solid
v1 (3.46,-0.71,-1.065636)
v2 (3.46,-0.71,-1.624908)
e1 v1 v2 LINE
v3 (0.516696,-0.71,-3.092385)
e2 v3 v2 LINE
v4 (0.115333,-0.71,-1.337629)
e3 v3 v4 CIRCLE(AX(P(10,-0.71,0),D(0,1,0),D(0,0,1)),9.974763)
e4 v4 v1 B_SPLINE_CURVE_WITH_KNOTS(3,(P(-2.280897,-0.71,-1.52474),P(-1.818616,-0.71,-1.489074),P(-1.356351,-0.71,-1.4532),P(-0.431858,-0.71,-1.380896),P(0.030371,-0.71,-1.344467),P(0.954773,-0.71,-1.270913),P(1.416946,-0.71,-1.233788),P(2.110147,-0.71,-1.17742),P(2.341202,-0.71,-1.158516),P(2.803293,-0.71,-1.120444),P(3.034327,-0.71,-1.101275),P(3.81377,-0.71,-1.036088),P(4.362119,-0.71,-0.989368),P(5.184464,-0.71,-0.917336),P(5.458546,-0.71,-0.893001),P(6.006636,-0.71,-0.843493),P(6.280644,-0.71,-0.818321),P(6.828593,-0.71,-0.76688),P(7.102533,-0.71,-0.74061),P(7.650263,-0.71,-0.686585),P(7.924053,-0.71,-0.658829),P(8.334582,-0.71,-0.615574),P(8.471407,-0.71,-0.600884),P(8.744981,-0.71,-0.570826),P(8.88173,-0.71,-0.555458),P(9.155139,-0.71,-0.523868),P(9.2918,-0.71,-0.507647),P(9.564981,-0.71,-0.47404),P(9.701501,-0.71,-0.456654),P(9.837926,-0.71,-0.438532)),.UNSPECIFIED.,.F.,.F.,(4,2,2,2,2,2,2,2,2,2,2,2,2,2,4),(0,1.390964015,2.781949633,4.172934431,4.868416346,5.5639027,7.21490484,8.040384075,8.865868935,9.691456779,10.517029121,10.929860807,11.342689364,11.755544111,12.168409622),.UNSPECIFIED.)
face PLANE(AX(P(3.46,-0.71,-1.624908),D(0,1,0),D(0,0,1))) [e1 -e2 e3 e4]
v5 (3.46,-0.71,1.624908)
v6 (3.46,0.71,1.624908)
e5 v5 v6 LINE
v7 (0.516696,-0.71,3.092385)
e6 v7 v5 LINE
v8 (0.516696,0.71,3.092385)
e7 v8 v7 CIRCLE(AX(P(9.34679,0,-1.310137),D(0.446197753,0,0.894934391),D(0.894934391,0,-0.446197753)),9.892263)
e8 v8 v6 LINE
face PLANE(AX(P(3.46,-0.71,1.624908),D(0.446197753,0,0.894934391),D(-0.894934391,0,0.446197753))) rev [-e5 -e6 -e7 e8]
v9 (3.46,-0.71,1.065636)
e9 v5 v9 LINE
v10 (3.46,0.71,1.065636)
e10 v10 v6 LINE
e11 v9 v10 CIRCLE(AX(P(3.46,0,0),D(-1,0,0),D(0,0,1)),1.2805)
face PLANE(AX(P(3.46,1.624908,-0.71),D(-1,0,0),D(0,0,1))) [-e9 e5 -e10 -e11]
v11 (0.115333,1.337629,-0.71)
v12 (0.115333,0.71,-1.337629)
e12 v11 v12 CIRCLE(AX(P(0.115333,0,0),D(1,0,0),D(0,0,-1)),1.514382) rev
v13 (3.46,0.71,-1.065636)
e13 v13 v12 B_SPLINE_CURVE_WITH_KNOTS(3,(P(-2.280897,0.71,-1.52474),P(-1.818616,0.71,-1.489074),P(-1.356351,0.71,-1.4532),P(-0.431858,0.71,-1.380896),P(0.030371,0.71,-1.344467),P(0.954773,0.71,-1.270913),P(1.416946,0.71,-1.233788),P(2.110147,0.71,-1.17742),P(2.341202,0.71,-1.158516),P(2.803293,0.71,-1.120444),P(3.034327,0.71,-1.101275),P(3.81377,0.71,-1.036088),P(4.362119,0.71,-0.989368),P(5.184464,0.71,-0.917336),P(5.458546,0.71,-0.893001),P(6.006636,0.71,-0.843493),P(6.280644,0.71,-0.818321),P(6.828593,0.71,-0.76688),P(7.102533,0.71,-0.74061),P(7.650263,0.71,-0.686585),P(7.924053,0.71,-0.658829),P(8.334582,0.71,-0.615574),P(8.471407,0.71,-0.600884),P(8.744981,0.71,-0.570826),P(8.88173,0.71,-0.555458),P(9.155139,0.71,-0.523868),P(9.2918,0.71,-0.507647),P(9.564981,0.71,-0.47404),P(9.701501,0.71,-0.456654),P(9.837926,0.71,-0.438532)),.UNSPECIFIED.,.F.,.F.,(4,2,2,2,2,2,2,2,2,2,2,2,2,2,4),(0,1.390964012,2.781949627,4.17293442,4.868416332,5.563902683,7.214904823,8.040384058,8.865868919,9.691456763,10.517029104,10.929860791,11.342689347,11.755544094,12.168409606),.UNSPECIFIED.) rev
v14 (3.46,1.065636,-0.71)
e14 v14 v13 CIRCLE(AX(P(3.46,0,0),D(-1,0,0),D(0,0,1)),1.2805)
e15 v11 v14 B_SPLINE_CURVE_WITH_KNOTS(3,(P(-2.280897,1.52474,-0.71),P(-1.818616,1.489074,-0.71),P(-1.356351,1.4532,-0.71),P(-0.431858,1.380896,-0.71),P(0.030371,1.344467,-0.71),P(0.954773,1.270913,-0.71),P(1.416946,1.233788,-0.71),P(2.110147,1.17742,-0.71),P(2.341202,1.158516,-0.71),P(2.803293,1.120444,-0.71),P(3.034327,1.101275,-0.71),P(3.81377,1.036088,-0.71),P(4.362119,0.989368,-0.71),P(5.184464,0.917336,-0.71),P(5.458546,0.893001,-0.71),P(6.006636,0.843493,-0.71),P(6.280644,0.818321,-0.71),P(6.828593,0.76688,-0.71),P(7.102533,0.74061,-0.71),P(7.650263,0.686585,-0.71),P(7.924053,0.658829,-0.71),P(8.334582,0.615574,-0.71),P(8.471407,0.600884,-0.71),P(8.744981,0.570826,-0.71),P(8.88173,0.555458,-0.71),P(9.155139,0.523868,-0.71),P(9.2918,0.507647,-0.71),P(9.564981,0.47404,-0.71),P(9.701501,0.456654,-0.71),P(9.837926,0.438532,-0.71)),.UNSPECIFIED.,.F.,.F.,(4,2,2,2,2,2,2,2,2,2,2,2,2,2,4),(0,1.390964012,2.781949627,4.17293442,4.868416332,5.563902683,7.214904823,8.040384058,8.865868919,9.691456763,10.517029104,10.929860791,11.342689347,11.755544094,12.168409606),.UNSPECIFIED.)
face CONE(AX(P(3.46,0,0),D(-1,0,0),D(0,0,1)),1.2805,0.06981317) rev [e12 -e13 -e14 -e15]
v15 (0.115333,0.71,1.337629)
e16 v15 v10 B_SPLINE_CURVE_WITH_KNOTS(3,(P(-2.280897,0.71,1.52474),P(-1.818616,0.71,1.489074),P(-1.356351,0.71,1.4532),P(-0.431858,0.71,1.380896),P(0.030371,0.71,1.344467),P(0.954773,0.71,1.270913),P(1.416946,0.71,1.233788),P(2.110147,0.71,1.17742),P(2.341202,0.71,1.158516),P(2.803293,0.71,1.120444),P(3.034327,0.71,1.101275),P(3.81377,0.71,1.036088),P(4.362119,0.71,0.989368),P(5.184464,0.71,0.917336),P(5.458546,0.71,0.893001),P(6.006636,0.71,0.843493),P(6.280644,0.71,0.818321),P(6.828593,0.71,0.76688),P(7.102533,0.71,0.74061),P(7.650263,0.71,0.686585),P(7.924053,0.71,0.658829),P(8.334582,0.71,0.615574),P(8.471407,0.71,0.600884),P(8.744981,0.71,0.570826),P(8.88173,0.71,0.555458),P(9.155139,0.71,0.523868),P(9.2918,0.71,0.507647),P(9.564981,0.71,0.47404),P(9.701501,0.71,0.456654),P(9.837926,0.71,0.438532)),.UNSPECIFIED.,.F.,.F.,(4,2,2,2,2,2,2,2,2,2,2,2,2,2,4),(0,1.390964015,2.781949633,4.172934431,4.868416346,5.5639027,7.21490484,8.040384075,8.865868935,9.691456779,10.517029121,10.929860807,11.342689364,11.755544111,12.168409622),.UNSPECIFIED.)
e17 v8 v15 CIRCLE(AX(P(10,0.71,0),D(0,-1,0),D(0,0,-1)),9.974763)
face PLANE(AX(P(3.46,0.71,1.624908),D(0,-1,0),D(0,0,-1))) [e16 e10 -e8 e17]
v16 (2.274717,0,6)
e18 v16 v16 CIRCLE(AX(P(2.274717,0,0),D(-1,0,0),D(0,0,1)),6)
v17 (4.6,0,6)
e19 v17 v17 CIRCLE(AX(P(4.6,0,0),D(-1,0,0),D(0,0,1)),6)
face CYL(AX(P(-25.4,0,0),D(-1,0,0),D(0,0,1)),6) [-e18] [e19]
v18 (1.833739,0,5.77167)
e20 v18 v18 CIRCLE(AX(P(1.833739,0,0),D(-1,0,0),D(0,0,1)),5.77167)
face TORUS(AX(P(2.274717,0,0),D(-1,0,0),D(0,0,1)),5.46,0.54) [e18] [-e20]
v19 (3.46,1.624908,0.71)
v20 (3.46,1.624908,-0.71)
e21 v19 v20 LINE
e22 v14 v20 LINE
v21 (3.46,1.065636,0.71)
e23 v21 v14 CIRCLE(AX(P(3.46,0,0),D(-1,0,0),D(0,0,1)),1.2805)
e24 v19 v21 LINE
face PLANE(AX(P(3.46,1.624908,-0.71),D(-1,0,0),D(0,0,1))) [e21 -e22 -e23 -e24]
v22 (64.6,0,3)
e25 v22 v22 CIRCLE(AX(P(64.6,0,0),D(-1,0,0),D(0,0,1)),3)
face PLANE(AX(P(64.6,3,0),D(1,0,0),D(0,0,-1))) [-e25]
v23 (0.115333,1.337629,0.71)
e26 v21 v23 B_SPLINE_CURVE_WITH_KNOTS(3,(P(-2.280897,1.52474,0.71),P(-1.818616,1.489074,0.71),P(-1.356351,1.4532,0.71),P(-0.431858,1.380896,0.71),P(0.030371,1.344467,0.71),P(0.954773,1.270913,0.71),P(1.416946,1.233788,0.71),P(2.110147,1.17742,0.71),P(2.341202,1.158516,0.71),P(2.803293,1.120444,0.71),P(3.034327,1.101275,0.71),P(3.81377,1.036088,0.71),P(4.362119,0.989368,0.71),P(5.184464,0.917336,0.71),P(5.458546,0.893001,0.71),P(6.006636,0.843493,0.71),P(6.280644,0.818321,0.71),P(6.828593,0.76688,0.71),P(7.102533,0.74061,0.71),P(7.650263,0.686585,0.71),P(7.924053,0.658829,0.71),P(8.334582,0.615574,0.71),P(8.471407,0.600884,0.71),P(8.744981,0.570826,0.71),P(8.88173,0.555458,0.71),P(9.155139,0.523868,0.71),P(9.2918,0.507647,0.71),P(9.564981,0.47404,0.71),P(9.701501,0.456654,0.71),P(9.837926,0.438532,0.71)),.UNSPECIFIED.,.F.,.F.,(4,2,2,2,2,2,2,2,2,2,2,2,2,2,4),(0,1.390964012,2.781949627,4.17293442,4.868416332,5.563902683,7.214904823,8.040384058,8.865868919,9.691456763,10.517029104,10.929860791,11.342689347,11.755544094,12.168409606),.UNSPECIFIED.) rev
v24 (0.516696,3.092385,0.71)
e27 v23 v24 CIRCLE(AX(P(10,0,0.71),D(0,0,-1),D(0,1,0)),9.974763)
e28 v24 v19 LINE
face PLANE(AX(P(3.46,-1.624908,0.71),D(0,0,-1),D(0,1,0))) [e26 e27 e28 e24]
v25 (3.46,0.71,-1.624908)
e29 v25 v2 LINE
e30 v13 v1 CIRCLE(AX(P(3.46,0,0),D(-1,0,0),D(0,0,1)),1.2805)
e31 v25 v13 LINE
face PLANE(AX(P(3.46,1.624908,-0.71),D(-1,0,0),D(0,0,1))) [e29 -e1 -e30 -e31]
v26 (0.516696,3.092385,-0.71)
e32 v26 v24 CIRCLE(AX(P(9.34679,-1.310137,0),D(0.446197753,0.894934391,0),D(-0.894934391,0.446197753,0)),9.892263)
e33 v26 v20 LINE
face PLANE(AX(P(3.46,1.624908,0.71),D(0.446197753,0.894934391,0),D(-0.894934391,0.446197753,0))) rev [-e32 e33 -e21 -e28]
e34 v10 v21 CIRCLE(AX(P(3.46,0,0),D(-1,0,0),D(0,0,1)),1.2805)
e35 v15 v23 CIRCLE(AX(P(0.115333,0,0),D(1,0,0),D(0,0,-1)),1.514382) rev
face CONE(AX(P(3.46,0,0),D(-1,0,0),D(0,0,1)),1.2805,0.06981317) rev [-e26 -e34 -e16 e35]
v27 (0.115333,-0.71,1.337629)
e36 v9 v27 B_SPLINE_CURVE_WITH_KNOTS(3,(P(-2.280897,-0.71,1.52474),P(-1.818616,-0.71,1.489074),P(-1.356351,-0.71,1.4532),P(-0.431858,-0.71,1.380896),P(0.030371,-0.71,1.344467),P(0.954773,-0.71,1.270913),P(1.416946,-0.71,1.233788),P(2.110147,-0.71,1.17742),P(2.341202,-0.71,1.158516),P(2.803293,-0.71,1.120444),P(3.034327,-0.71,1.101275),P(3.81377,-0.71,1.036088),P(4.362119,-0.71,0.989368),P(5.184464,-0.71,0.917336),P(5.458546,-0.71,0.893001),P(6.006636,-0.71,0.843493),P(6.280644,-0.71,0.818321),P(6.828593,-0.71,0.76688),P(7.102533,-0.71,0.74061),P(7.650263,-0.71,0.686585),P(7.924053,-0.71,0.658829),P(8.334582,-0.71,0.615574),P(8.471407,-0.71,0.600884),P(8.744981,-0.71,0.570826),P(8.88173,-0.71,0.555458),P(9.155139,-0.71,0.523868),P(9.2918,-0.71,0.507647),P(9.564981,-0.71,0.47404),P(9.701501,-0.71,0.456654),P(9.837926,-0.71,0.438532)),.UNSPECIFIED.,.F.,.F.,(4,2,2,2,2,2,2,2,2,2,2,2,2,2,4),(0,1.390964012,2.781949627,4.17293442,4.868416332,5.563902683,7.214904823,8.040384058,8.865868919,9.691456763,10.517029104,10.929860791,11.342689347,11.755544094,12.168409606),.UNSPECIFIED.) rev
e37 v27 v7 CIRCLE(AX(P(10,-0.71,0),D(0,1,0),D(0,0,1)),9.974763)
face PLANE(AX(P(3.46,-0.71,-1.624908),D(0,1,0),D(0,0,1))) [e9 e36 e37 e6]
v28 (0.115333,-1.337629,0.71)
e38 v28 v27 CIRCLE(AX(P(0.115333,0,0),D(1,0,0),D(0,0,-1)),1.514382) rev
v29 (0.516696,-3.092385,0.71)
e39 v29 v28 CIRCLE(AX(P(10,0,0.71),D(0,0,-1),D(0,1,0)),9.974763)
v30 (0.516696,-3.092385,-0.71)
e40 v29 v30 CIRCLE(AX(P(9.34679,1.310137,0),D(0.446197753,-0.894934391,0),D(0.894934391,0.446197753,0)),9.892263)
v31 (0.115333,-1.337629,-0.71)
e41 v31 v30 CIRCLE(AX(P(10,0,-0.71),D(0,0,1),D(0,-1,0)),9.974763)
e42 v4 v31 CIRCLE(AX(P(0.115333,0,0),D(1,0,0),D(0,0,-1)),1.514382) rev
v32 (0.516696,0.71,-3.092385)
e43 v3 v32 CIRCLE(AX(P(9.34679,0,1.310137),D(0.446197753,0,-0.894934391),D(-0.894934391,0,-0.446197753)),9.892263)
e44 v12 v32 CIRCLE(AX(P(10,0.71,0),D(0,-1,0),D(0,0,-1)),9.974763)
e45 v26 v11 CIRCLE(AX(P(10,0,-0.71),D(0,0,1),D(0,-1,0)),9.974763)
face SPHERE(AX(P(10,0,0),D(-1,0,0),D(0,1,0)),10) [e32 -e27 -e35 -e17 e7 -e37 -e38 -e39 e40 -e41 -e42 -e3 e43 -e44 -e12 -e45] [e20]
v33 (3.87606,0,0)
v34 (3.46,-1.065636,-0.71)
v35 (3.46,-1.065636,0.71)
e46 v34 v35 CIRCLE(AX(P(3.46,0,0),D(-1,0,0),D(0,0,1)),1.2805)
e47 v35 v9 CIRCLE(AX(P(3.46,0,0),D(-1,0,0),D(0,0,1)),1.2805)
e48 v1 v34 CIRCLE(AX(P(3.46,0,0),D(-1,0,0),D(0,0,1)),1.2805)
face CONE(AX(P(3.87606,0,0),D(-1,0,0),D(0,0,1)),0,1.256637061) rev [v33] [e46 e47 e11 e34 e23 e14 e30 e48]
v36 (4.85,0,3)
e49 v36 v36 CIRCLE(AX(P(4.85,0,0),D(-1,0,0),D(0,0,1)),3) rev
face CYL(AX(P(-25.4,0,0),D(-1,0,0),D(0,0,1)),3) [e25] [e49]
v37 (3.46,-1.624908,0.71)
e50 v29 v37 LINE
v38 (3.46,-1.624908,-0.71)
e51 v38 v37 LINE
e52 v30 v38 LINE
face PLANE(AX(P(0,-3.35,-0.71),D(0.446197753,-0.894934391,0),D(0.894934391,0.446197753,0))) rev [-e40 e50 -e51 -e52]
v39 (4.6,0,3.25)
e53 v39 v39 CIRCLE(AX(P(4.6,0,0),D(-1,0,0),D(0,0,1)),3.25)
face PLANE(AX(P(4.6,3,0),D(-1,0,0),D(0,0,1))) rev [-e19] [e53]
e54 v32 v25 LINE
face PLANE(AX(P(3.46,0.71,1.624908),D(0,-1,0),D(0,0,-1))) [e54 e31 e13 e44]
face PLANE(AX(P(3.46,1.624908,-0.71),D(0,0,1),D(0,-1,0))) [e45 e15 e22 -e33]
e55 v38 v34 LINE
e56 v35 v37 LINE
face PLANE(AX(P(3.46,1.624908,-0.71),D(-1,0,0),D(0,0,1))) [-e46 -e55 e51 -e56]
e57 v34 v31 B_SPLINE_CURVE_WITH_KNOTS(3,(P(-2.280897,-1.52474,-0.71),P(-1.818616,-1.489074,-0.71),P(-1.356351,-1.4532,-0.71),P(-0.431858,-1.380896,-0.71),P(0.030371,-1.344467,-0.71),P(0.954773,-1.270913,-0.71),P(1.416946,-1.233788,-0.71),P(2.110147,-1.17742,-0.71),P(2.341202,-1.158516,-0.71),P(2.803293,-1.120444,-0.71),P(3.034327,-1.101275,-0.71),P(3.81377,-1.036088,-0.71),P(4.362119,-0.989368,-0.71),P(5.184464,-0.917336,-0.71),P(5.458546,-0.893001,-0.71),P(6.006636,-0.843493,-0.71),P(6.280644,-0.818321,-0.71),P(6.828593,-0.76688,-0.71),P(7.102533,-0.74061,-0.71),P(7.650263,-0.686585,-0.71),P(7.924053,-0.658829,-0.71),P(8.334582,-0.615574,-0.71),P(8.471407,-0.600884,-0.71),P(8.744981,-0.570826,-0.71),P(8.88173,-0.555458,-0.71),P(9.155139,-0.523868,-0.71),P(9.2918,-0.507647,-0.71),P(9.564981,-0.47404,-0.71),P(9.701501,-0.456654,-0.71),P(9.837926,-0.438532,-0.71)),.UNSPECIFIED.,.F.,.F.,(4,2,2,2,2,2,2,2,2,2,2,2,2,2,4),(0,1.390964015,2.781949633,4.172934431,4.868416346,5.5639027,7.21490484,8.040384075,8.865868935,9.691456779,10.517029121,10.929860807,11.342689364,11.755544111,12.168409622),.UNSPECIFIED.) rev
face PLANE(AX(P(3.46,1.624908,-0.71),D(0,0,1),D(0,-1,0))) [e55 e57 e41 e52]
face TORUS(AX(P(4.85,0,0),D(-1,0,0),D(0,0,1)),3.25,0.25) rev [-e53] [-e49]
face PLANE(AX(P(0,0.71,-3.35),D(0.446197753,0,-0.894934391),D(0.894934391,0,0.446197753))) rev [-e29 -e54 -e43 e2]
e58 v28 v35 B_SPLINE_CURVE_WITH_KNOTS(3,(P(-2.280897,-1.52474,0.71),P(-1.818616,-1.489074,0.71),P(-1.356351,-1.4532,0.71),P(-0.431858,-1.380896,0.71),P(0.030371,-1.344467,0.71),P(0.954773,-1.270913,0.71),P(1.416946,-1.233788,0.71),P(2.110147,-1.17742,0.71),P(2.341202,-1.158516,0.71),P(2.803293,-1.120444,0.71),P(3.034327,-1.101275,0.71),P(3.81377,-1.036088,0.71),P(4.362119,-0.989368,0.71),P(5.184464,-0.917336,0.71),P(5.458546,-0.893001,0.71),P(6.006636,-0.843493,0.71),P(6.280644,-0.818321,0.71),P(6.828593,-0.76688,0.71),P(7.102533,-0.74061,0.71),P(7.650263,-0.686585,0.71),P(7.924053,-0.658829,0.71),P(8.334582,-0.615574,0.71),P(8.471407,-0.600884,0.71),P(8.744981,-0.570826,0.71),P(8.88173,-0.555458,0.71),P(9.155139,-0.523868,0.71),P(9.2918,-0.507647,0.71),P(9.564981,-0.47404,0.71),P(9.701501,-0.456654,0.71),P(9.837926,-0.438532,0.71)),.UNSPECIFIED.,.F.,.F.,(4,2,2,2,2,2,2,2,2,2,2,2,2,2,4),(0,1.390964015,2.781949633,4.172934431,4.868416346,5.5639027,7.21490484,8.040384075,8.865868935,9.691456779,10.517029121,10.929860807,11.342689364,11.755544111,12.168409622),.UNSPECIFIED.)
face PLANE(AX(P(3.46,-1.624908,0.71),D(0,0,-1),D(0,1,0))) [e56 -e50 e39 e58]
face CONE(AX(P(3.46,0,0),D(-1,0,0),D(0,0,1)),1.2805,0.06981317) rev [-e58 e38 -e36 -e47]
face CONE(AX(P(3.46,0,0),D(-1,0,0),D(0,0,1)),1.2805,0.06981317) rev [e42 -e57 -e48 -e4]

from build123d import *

# Parameters (mm, degrees)
FILLET1_R    = 0.25
RECPAT_COUNT = 2
RECPAT_ANGLE = 90


with BuildPart() as part:
    # BodySke → Base-Revolve (revolve)
    with BuildSketch(Plane.XY, mode=Mode.PRIVATE) as base_revolve_sk:
        with BuildLine():
            Line((4.6, 3), (4.6, 6))
            Line((4.6, 6), (2.274716834, 6))
            ThreePointArc((2.274716834, 6), (2.026424569, 5.939532013), (1.833738725, 5.77167019))
            ThreePointArc((1.833738725, 5.77167019), (0.469454036, 3.027985077), (0, 0))
            Line((0, 0), (64.6, 0))
            Line((64.6, 0), (64.6, 3))
            Line((64.6, 3), (4.6, 3))
        make_face()
    revolve(base_revolve_sk.sketch.rotate(Axis((2.274716834, 0, 0), (1, 0, 0)), 90), axis=Axis((2.274716834, 0, 0), (1, 0, 0)))

    # Fillet1
    fillet1_edges = [part.edges().sort_by_distance(p)[0] for p in [
        (4.6, 0, -3),
    ]]
    fillet(fillet1_edges, radius=FILLET1_R)

    # Sketch3 → Recess section 0
    with BuildSketch(Plane(origin=(0, 0, 0), x_dir=(0, 0, -1), z_dir=(1, 0, 0))):
        with BuildLine():
            Line((0.71, -3.35), (-0.71, -3.35))
            Line((-0.71, -3.35), (-0.71, 3.35))
            Line((-0.71, 3.35), (0.71, 3.35))
            Line((0.71, 3.35), (0.71, -3.35))
        make_face()
    # Sketch4 → Recess section 1
    with BuildSketch(Plane(origin=(3.46, 0, 0), x_dir=(0, 0, -1), z_dir=(1, 0, 0))):
        with BuildLine():
            Line((0.71, -1.624907925), (-0.71, -1.624907925))
            Line((-0.71, -1.624907925), (-0.71, 1.624907925))
            Line((-0.71, 1.624907925), (0.71, 1.624907925))
            Line((0.71, 1.624907925), (0.71, -1.624907925))
        make_face()
    recess = loft(mode=Mode.SUBTRACT)

    # RecPat: Recess ×2 about axis
    recpat_axis = Axis((0, 0, 0), (1, 0, 0))
    for i in range(1, RECPAT_COUNT):
        add(recess.rotate(recpat_axis, i * RECPAT_ANGLE / (RECPAT_COUNT - 1)), mode=Mode.SUBTRACT)

    # RecCorSke → RecessCore (revolve, cut)
    with BuildSketch(Plane.XY, mode=Mode.PRIVATE) as recesscore_sk:
        Polygon((0, 0), (0, 1.522446769), (3.46, 1.2805), (3.876059671, 0), align=None)
    revolve(recesscore_sk.sketch.rotate(Axis((-3.175, 0, 0), (1, 0, 0)), 12.930791927), axis=Axis((-3.175, 0, 0), (1, 0, 0)), mode=Mode.SUBTRACT)


solid = part.part
